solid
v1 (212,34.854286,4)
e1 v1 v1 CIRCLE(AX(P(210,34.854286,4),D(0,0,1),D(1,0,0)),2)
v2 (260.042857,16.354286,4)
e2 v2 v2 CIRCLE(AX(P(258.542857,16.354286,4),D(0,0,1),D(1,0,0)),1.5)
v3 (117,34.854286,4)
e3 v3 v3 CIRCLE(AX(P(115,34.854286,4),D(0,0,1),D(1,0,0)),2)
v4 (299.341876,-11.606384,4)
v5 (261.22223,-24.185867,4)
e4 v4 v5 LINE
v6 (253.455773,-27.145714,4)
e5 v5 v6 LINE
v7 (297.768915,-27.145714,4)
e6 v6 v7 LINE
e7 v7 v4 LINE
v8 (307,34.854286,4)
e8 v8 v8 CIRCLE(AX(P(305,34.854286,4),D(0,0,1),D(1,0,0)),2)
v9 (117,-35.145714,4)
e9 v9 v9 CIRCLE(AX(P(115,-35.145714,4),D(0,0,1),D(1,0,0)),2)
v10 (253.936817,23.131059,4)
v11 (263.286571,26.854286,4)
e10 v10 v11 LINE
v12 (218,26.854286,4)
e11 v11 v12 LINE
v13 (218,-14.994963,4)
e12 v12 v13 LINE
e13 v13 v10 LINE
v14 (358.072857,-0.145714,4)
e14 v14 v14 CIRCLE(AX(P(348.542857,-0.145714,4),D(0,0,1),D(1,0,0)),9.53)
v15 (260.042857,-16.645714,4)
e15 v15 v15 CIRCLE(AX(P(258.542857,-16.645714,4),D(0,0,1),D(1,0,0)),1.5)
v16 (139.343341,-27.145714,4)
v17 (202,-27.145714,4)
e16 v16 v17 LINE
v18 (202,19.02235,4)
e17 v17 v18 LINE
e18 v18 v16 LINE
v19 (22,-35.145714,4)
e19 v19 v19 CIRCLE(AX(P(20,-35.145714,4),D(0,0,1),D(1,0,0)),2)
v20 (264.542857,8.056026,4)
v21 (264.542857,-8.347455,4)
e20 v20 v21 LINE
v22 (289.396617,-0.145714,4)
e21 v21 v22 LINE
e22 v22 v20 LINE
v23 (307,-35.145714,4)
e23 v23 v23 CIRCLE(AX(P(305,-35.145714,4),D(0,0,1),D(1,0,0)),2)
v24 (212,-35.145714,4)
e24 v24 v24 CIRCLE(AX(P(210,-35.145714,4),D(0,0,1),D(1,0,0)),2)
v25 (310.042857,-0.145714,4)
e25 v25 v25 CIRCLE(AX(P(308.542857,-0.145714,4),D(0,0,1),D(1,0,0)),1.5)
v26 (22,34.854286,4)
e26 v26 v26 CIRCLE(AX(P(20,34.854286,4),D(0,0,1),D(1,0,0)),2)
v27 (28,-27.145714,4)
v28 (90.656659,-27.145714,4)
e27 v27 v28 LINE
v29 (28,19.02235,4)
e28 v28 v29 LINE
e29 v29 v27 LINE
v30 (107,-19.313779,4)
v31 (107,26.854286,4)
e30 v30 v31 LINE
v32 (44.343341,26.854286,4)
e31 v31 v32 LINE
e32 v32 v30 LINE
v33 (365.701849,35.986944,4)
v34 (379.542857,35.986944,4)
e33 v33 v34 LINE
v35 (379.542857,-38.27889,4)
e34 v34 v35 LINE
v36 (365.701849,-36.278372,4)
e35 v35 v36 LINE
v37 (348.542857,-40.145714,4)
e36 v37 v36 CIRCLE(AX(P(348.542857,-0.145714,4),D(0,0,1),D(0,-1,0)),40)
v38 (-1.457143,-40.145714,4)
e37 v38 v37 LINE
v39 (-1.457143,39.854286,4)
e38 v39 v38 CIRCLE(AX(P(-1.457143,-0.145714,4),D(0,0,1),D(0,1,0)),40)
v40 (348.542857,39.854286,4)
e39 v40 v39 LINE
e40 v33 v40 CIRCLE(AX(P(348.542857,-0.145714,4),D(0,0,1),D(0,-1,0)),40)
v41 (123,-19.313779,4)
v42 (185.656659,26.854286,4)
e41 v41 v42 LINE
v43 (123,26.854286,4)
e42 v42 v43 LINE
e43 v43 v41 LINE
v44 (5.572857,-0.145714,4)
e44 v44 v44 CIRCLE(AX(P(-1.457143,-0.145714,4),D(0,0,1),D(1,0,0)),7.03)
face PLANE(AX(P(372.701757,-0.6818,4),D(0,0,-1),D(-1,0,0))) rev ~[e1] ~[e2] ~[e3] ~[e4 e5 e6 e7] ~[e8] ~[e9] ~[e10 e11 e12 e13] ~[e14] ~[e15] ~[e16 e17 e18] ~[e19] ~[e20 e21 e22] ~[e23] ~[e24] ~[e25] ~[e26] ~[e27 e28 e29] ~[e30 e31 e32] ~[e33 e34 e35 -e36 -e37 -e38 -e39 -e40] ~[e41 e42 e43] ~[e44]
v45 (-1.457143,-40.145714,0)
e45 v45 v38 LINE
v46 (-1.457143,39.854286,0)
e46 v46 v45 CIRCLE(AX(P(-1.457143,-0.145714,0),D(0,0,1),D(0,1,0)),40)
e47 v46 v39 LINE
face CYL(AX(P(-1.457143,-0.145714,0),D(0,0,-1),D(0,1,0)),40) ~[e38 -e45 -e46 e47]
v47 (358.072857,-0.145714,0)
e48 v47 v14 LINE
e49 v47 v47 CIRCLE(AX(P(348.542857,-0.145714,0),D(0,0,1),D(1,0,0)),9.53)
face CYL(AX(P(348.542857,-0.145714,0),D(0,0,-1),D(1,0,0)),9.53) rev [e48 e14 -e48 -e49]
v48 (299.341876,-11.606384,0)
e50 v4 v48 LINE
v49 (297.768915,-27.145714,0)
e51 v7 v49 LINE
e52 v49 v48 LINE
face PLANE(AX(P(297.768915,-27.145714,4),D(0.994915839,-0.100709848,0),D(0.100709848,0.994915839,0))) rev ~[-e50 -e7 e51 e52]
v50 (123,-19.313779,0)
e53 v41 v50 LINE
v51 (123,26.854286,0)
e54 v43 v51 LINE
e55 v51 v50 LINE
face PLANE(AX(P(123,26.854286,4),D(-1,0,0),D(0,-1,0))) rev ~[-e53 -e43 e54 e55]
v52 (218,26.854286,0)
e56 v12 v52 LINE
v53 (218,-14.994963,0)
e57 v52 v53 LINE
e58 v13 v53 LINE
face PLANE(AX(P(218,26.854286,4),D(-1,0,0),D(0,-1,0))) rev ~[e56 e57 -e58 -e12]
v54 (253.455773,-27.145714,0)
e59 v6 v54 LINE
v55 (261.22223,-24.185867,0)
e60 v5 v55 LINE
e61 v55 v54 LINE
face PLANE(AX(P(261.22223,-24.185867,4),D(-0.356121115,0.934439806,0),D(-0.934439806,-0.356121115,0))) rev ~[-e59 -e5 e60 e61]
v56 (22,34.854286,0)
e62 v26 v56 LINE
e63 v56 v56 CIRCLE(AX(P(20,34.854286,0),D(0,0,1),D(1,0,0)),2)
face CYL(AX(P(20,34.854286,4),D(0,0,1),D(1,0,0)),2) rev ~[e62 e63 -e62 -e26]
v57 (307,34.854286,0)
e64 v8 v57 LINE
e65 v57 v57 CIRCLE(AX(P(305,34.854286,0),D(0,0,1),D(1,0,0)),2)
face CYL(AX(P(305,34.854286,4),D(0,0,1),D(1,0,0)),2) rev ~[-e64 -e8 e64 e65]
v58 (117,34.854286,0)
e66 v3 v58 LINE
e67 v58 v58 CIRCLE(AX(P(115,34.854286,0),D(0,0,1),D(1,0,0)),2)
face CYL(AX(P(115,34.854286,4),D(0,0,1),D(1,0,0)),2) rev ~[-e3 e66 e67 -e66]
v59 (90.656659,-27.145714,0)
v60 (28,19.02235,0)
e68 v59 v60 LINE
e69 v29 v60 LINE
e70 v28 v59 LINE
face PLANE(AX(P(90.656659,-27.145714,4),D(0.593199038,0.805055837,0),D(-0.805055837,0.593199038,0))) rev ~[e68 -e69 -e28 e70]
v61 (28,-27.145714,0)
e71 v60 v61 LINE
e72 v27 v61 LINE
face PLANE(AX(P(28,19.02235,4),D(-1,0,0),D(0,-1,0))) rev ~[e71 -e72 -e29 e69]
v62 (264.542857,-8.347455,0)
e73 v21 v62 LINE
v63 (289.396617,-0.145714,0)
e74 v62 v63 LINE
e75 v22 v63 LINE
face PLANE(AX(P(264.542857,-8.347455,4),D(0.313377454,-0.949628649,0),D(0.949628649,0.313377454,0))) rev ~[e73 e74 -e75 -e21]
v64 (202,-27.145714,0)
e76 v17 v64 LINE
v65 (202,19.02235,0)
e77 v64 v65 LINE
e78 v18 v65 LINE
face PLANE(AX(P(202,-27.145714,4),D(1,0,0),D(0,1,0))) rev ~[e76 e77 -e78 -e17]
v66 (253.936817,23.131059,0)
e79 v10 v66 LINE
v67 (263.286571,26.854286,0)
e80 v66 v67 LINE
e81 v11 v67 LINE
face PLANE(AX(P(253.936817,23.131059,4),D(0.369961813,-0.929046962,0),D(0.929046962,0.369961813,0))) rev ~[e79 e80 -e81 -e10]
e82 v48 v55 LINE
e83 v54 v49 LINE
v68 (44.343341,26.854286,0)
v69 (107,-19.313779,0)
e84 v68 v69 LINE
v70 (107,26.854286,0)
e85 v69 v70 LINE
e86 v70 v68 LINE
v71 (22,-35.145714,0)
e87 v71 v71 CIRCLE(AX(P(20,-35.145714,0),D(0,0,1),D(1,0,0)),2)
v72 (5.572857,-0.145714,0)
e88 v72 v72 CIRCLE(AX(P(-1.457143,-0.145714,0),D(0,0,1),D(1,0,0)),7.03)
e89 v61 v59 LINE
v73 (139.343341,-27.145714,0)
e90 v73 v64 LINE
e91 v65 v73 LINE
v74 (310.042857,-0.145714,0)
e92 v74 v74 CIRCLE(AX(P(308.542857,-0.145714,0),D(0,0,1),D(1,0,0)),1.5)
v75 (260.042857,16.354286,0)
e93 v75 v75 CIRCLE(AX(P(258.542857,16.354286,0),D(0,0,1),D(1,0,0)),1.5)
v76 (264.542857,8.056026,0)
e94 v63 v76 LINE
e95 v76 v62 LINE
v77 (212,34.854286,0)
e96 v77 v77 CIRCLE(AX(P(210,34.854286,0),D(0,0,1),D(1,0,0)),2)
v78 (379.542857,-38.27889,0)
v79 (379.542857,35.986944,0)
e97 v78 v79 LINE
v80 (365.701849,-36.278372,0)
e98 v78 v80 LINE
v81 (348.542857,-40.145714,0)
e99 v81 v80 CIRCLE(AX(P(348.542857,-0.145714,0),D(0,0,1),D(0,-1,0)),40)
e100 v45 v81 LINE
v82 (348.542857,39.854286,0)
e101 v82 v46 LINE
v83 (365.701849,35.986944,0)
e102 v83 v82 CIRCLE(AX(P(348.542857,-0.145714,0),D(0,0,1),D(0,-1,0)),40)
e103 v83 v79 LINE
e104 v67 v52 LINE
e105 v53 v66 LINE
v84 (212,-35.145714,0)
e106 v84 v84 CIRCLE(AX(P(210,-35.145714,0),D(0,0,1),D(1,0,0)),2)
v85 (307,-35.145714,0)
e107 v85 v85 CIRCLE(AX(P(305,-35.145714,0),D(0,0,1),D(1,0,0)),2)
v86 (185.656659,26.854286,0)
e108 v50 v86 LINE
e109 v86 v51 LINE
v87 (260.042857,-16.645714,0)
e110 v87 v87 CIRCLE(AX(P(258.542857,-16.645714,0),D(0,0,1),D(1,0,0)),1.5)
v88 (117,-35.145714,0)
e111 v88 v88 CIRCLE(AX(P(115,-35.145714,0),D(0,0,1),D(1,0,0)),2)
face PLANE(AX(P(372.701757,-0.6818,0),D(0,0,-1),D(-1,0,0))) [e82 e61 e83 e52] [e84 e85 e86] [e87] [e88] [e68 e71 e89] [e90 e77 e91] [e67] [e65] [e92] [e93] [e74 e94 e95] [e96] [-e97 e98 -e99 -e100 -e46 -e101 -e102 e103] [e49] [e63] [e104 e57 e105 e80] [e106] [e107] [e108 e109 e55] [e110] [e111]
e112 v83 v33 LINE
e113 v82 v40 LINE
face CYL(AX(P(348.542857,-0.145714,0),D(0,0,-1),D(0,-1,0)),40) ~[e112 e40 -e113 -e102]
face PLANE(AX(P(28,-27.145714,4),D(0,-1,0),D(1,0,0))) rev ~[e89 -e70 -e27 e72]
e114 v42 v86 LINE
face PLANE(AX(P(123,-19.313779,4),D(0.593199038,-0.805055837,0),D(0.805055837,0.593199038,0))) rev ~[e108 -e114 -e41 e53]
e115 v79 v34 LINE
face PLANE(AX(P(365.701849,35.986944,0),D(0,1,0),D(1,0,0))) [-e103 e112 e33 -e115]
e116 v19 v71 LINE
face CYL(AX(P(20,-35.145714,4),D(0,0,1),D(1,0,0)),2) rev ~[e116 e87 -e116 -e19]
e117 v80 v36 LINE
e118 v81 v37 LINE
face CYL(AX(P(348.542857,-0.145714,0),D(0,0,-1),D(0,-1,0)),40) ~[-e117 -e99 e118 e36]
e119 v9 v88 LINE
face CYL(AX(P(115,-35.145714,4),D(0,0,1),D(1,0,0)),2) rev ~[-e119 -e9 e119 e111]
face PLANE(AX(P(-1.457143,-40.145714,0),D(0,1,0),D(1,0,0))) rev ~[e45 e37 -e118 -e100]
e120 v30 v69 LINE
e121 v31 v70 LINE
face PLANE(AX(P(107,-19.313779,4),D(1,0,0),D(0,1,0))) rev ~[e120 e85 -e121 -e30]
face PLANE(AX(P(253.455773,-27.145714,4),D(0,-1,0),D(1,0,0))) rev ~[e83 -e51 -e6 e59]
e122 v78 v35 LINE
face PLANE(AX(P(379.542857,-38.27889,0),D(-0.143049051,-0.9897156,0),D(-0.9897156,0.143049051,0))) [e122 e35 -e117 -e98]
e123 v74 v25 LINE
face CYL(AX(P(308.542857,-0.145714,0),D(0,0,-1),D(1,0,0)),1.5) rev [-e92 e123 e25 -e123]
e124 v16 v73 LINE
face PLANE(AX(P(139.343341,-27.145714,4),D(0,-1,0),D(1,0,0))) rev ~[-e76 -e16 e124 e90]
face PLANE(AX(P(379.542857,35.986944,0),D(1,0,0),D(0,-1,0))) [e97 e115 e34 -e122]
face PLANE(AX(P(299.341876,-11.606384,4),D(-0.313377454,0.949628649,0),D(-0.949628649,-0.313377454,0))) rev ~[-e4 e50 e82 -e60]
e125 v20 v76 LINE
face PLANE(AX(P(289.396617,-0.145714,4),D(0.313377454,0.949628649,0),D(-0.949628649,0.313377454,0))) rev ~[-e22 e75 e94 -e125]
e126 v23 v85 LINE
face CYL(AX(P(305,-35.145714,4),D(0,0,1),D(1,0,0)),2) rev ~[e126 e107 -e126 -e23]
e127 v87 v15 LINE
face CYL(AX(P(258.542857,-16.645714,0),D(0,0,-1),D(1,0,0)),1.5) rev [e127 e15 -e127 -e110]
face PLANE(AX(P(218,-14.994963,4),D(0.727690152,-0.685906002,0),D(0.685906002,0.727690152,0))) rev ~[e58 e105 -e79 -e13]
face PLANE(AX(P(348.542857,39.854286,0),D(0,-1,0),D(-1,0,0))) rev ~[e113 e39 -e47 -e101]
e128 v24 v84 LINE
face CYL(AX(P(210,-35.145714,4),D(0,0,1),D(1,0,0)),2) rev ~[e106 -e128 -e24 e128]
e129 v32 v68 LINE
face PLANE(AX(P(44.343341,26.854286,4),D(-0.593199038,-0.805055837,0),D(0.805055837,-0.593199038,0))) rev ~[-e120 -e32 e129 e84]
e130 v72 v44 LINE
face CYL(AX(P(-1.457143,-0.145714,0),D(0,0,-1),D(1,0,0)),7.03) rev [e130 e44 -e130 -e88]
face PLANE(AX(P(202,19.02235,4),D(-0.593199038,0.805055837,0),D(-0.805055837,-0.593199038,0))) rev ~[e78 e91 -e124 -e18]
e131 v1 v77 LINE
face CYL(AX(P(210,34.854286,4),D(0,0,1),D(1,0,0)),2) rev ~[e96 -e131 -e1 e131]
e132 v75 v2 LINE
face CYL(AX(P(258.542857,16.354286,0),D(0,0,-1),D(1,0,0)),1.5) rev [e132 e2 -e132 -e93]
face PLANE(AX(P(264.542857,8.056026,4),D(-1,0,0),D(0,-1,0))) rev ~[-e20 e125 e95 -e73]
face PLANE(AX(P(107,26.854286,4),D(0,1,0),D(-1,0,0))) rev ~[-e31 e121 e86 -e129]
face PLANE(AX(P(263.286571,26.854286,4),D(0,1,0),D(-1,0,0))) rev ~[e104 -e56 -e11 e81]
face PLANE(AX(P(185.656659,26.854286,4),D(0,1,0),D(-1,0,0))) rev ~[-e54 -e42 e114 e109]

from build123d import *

# Parameters (mm, degrees)
SKETCH_1_R          = 7.03
SKETCH_1_R_2        = 1.5
SKETCH_1_R_3        = 9.53
EXTRUDE_1_DEPTH     = 4
SKETCH_2_R          = 2
CUT_EXTRUDE_1_DEPTH = 10
CUT_EXTRUDE_4_DEPTH = 4
EXTRUDE_2_DEPTH     = 4


with BuildPart() as part:
    # 草图1 → 凸台-拉伸1 (new body)
    with BuildSketch(Plane.XY):
        with BuildLine():
            ThreePointArc((348.542857143, -40.145714286), (388.542857143, -0.145714286), (348.542857143, 39.854285714))
            Line((348.542857143, 39.854285714), (-1.457142857, 39.854285714))
            ThreePointArc((-1.457142857, 39.854285714), (-41.457142857, -0.145714286), (-1.457142857, -40.145714286))
            Line((-1.457142857, -40.145714286), (348.542857143, -40.145714286))
        make_face()
        with Locations((-1.457142857, -0.145714286)):
            Circle(SKETCH_1_R, mode=Mode.SUBTRACT)
        with Locations((258.542857143, -16.645714286)):
            Circle(SKETCH_1_R_2, mode=Mode.SUBTRACT)
        with Locations((258.542857143, 16.354285714)):
            Circle(SKETCH_1_R_2, mode=Mode.SUBTRACT)
        with Locations((308.542857143, -0.145714286)):
            Circle(SKETCH_1_R_2, mode=Mode.SUBTRACT)
        with Locations((348.542857143, -0.145714286)):
            Circle(SKETCH_1_R_3, mode=Mode.SUBTRACT)
    extrude(amount=EXTRUDE_1_DEPTH)

    # 草图2 → 切除-拉伸1 (cut)
    with BuildSketch(Plane.XY.offset(4)):
        Polygon((107, 26.854285714), (44.343341396, 26.854285714), (107, -19.31377852), align=None)
        Polygon((90.656658604, -27.145714286), (28, 19.022349949), (28, -27.145714286), align=None)
        with Locations((210, 34.854285714)):
            Circle(SKETCH_2_R)
        with Locations((115, -35.145714286)):
            Circle(SKETCH_2_R)
        Polygon((202, 19.022349949), (139.343341396, -27.145714286), (202, -27.145714286), align=None)
        Polygon((185.656658604, 26.854285714), (123, 26.854285714), (123, -19.31377852), align=None)
        Polygon((263.286571323, 26.854285714), (218, 26.854285714), (218, -14.994963043), (253.936816603, 23.131059281), align=None)
        Polygon((297.768914783, -27.145714286), (299.341875576, -11.606383875), (261.222229771, -24.18586699), (253.455773316, -27.145714286), align=None)
        Polygon((264.542857143, -8.347455032), (289.396616979, -0.145714286), (264.542857143, 8.05602646), align=None)
        with Locations((20, 34.854285714)):
            Circle(SKETCH_2_R)
        with Locations((115, 34.854285714)):
            Circle(SKETCH_2_R)
        with Locations((305, 34.854285714)):
            Circle(SKETCH_2_R)
        with Locations((305, -35.145714286)):
            Circle(SKETCH_2_R)
        with Locations((210, -35.145714286)):
            Circle(SKETCH_2_R)
        with Locations((20, -35.145714286)):
            Circle(SKETCH_2_R)
    extrude(amount=-CUT_EXTRUDE_1_DEPTH, mode=Mode.SUBTRACT)

    # 草图3 → 切除-拉伸4 (cut)
    with BuildSketch(Plane(origin=(0, 0, 0), x_dir=(-1, 0, 0), z_dir=(0, 0, -1))):
        Polygon((-379.542857143, -0.145714286), (-379.542857143, 86.711362621), (-469.13936256, 65.161980464), (-431.797169727, -71.622846313), (-379.542857143, -46.898899995), align=None)
    extrude(amount=-CUT_EXTRUDE_4_DEPTH, mode=Mode.SUBTRACT)

    # 草图4 → 凸台-拉伸2 (add)
    with BuildSketch(Plane(origin=(0, 0, 0), x_dir=(-1, 0, 0), z_dir=(0, 0, -1))):
        Polygon((-379.542857143, -25.424163605), (-379.542857143, -38.278889608), (-365.701849351, -36.278372455), (-365.701849351, 35.986943884), (-379.542857143, 35.986943884), (-379.542857143, 25.132735034), align=None)
    extrude(amount=-EXTRUDE_2_DEPTH)


solid = part.part
